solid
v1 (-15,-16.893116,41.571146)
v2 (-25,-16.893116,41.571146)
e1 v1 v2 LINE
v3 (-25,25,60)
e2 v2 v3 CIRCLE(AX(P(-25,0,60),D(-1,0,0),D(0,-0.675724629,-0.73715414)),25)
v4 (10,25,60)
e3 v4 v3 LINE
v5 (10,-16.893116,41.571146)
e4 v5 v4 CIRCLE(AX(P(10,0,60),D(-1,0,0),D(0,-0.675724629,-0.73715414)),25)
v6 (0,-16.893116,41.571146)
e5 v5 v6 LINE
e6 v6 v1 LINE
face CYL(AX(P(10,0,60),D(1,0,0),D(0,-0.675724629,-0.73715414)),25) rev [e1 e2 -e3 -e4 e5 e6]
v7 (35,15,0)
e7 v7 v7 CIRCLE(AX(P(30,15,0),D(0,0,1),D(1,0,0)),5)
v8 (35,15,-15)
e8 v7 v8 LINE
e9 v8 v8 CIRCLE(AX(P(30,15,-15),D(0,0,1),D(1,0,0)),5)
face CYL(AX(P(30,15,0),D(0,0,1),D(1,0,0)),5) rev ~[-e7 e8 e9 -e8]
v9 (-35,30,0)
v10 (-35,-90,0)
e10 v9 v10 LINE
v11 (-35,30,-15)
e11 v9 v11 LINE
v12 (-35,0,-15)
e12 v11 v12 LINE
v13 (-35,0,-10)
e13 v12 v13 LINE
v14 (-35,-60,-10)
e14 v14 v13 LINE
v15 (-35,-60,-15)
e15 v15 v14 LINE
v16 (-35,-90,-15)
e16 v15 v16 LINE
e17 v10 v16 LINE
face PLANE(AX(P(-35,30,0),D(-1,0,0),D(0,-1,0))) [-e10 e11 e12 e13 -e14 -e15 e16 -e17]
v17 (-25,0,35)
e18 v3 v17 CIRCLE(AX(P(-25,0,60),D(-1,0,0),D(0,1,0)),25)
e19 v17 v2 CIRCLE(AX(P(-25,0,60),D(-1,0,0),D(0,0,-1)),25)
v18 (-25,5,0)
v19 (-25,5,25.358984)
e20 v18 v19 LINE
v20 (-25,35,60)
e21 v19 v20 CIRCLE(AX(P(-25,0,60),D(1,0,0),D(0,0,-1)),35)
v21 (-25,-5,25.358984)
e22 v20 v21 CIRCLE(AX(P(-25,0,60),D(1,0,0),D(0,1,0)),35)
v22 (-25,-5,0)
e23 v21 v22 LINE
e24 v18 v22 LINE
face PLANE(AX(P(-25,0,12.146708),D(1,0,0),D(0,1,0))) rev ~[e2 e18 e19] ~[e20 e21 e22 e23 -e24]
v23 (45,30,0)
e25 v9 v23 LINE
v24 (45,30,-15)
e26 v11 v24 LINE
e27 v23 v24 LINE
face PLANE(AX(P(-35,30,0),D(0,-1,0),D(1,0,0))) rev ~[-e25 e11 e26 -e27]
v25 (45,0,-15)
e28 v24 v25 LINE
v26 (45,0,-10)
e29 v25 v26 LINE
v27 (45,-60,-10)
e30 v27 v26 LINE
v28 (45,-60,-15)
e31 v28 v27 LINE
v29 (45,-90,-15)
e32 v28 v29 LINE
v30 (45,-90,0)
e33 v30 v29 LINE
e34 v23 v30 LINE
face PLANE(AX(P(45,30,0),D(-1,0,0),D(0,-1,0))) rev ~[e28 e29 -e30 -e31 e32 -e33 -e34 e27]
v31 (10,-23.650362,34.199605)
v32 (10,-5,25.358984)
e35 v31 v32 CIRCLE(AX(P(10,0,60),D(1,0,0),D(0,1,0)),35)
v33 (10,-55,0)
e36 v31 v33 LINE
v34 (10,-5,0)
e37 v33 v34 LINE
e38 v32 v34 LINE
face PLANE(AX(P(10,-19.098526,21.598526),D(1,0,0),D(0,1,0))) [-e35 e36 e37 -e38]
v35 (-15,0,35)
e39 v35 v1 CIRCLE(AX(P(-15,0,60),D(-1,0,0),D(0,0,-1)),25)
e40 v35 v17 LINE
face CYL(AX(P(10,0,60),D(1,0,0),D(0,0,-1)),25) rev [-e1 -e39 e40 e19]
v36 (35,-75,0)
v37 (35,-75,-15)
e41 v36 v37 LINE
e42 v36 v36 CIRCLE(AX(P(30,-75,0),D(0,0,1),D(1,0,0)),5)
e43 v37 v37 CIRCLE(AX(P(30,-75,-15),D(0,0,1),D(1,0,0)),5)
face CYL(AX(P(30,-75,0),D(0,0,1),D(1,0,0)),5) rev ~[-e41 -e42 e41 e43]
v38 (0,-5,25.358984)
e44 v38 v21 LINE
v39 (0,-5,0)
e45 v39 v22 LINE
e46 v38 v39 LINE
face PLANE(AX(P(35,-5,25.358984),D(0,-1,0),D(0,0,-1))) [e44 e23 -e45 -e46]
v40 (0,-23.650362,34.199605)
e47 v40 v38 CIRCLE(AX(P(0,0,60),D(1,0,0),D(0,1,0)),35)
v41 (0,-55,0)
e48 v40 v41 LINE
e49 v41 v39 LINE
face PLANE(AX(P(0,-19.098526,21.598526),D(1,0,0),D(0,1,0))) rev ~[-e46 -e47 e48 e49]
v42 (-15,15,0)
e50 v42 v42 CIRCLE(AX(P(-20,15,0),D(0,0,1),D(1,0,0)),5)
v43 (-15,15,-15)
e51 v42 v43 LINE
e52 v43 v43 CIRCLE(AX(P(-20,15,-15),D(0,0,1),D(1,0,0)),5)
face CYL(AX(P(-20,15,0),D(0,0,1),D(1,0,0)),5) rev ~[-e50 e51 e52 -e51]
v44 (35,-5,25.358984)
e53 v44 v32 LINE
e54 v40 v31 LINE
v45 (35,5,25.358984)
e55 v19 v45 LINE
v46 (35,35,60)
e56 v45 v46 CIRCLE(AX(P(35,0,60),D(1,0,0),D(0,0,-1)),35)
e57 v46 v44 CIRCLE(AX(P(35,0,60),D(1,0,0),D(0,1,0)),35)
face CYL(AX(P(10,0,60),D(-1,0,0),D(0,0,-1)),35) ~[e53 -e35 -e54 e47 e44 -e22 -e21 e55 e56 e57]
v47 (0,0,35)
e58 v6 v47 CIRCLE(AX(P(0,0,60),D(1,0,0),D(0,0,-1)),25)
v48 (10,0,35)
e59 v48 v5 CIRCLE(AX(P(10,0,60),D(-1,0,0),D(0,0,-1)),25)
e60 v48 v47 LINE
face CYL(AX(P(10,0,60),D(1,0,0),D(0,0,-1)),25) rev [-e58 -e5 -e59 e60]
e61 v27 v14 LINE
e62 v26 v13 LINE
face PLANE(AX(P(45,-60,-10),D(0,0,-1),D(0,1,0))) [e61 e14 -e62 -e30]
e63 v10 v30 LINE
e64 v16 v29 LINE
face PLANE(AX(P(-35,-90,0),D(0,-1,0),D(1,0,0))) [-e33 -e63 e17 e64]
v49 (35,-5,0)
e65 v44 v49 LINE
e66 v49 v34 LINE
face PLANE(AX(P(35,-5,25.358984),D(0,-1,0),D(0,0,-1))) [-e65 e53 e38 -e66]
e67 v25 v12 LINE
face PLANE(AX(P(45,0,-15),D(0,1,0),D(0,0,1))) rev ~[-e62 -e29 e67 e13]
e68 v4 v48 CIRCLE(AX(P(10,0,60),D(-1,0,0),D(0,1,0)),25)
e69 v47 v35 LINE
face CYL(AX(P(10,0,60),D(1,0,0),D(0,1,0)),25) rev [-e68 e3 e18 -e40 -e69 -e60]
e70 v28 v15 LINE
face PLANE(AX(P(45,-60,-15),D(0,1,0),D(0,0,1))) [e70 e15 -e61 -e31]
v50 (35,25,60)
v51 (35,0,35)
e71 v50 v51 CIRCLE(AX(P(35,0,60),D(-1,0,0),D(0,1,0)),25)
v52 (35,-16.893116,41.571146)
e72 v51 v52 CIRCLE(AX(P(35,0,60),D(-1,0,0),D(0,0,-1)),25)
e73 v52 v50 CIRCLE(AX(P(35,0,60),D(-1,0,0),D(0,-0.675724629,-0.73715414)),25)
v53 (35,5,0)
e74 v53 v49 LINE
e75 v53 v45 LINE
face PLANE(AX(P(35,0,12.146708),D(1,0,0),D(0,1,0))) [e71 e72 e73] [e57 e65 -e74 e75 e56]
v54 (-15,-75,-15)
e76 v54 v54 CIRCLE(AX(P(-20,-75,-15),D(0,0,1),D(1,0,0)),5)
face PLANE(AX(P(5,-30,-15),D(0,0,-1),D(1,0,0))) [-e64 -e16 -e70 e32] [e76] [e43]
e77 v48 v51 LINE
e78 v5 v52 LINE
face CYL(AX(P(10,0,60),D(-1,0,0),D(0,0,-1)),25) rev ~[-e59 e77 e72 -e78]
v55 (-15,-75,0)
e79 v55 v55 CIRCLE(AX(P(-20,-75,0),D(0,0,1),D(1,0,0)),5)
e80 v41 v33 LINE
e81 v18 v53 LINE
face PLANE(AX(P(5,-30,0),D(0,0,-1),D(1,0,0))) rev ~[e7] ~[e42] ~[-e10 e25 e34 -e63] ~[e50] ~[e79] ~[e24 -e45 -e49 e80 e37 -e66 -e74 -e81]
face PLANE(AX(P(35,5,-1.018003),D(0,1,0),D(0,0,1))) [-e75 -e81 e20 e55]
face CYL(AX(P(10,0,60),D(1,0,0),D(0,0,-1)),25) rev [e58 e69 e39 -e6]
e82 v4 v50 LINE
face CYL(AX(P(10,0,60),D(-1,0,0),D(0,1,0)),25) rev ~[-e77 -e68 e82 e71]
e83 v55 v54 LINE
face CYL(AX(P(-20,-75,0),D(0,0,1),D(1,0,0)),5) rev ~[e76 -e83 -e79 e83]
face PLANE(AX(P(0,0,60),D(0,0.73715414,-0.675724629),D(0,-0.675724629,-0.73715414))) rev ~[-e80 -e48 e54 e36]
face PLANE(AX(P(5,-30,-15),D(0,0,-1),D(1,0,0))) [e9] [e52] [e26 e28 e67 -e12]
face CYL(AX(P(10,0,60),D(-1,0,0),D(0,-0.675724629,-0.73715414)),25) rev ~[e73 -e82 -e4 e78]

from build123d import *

# Parameters (mm, degrees)
F1_DEPTH      = 10
F3_DEPTH      = 25
F3_DEPTH_BACK = 35
F4_DEPTH      = 25
F5_W          = 80
F5_H          = 120
F5_W_2        = 10
F5_H_2        = 55
F6_DEPTH      = 15
F8_DEPTH      = 60
F9_W          = 60
F9_H          = 5
F10_DEPTH     = 80
F11_R         = 5
F12_DEPTH     = 51.887460053


with BuildPart() as f1:
    # F0 (on Right) → F1 (new body)
    with BuildSketch(Plane.YZ):
        Polygon((0, 0), (0, 60), (-55, 0), align=None)
    extrude(amount=F1_DEPTH)

    # F2 (on face) → F3 (join, two sides)
    with BuildSketch(Plane.YZ.offset(10)) as f3_sk:
        with BuildLine():
            ThreePointArc((0, 25), (24.7487373415, 35.2512626585), (35, 60))
            ThreePointArc((35, 60), (-14.0932134389, 92.0371867518), (-23.6503619981, 34.199605093))
            Line((-23.6503619981, 34.199605093), (-16.8931157129, 41.571146495))
            ThreePointArc((-16.8931157129, 41.571146495), (-10.0665810278, 82.8837048227), (25, 60))
            ThreePointArc((25, 60), (17.6776695297, 42.3223304703), (0, 35))
            Line((0, 35), (0, 25))
        make_face()
        with BuildLine():
            Line((-16.8931157129, 41.571146495), (-23.6503619981, 34.199605093))
            ThreePointArc((-23.6503619981, 34.199605093), (-12.688305211, 27.3808812064), (0, 25))
            Line((0, 25), (0, 35))
            ThreePointArc((0, 35), (-9.0630751507, 36.7006294331), (-16.8931157129, 41.571146495))
        make_face()
    extrude(amount=F3_DEPTH)
    extrude(f3_sk.sketch, amount=-F3_DEPTH_BACK)

    # F4 (cut): a face of the model
    f4_faces = [f1.faces().sort_by_distance(p)[0] for p in [
        (10, -5.9044146652, 44.8209197235),
    ]]
    extrude(f4_faces, amount=-F4_DEPTH, mode=Mode.SUBTRACT)

    # F5 (on face) → F6 (join)
    with BuildSketch(Plane(origin=(0, 0, 0), x_dir=(1, 0, 0), z_dir=(0, 0, -1))):
        with Locations((5, 30)):
            Rectangle(F5_W, F5_H)
        with Locations((5, 27.5)):
            Rectangle(F5_W_2, F5_H_2, mode=Mode.SUBTRACT)
        with Locations((5, 27.5)):
            Rectangle(F5_W_2, F5_H_2)
    extrude(amount=F6_DEPTH)

    # F7 (on face) → F8 (join, through all)
    with BuildSketch(Plane.YZ.offset(35)):
        with BuildLine():
            ThreePointArc((5, 25.3589838486), (0, 25), (-5, 25.3589838486))
            Line((-5, 25.3589838486), (-5, -0.8262397959))
            Line((-5, -0.8262397959), (-5, -1.0180029073))
            Line((-5, -1.0180029073), (5, -1.0180029073))
            Line((5, -1.0180029073), (5, 25.3589838486))
        make_face()
    extrude(amount=-F8_DEPTH)

    # F9 (on face) → F10 (cut)
    with BuildSketch(Plane.YZ.offset(45)):
        with Locations((-30, -12.5)):
            Rectangle(F9_W, F9_H)
    extrude(amount=-F10_DEPTH, mode=Mode.SUBTRACT)

    # F11 (on face) → F12 (cut)
    with BuildSketch(Plane.XY):
        with Locations((-20, -75)):
            Circle(F11_R)
        with Locations((30, -75)):
            Circle(F11_R)
        with Locations((30, 15)):
            Circle(F11_R)
        with Locations((-20, 15)):
            Circle(F11_R)
    extrude(amount=-F12_DEPTH, mode=Mode.SUBTRACT)


solid = f1.part
